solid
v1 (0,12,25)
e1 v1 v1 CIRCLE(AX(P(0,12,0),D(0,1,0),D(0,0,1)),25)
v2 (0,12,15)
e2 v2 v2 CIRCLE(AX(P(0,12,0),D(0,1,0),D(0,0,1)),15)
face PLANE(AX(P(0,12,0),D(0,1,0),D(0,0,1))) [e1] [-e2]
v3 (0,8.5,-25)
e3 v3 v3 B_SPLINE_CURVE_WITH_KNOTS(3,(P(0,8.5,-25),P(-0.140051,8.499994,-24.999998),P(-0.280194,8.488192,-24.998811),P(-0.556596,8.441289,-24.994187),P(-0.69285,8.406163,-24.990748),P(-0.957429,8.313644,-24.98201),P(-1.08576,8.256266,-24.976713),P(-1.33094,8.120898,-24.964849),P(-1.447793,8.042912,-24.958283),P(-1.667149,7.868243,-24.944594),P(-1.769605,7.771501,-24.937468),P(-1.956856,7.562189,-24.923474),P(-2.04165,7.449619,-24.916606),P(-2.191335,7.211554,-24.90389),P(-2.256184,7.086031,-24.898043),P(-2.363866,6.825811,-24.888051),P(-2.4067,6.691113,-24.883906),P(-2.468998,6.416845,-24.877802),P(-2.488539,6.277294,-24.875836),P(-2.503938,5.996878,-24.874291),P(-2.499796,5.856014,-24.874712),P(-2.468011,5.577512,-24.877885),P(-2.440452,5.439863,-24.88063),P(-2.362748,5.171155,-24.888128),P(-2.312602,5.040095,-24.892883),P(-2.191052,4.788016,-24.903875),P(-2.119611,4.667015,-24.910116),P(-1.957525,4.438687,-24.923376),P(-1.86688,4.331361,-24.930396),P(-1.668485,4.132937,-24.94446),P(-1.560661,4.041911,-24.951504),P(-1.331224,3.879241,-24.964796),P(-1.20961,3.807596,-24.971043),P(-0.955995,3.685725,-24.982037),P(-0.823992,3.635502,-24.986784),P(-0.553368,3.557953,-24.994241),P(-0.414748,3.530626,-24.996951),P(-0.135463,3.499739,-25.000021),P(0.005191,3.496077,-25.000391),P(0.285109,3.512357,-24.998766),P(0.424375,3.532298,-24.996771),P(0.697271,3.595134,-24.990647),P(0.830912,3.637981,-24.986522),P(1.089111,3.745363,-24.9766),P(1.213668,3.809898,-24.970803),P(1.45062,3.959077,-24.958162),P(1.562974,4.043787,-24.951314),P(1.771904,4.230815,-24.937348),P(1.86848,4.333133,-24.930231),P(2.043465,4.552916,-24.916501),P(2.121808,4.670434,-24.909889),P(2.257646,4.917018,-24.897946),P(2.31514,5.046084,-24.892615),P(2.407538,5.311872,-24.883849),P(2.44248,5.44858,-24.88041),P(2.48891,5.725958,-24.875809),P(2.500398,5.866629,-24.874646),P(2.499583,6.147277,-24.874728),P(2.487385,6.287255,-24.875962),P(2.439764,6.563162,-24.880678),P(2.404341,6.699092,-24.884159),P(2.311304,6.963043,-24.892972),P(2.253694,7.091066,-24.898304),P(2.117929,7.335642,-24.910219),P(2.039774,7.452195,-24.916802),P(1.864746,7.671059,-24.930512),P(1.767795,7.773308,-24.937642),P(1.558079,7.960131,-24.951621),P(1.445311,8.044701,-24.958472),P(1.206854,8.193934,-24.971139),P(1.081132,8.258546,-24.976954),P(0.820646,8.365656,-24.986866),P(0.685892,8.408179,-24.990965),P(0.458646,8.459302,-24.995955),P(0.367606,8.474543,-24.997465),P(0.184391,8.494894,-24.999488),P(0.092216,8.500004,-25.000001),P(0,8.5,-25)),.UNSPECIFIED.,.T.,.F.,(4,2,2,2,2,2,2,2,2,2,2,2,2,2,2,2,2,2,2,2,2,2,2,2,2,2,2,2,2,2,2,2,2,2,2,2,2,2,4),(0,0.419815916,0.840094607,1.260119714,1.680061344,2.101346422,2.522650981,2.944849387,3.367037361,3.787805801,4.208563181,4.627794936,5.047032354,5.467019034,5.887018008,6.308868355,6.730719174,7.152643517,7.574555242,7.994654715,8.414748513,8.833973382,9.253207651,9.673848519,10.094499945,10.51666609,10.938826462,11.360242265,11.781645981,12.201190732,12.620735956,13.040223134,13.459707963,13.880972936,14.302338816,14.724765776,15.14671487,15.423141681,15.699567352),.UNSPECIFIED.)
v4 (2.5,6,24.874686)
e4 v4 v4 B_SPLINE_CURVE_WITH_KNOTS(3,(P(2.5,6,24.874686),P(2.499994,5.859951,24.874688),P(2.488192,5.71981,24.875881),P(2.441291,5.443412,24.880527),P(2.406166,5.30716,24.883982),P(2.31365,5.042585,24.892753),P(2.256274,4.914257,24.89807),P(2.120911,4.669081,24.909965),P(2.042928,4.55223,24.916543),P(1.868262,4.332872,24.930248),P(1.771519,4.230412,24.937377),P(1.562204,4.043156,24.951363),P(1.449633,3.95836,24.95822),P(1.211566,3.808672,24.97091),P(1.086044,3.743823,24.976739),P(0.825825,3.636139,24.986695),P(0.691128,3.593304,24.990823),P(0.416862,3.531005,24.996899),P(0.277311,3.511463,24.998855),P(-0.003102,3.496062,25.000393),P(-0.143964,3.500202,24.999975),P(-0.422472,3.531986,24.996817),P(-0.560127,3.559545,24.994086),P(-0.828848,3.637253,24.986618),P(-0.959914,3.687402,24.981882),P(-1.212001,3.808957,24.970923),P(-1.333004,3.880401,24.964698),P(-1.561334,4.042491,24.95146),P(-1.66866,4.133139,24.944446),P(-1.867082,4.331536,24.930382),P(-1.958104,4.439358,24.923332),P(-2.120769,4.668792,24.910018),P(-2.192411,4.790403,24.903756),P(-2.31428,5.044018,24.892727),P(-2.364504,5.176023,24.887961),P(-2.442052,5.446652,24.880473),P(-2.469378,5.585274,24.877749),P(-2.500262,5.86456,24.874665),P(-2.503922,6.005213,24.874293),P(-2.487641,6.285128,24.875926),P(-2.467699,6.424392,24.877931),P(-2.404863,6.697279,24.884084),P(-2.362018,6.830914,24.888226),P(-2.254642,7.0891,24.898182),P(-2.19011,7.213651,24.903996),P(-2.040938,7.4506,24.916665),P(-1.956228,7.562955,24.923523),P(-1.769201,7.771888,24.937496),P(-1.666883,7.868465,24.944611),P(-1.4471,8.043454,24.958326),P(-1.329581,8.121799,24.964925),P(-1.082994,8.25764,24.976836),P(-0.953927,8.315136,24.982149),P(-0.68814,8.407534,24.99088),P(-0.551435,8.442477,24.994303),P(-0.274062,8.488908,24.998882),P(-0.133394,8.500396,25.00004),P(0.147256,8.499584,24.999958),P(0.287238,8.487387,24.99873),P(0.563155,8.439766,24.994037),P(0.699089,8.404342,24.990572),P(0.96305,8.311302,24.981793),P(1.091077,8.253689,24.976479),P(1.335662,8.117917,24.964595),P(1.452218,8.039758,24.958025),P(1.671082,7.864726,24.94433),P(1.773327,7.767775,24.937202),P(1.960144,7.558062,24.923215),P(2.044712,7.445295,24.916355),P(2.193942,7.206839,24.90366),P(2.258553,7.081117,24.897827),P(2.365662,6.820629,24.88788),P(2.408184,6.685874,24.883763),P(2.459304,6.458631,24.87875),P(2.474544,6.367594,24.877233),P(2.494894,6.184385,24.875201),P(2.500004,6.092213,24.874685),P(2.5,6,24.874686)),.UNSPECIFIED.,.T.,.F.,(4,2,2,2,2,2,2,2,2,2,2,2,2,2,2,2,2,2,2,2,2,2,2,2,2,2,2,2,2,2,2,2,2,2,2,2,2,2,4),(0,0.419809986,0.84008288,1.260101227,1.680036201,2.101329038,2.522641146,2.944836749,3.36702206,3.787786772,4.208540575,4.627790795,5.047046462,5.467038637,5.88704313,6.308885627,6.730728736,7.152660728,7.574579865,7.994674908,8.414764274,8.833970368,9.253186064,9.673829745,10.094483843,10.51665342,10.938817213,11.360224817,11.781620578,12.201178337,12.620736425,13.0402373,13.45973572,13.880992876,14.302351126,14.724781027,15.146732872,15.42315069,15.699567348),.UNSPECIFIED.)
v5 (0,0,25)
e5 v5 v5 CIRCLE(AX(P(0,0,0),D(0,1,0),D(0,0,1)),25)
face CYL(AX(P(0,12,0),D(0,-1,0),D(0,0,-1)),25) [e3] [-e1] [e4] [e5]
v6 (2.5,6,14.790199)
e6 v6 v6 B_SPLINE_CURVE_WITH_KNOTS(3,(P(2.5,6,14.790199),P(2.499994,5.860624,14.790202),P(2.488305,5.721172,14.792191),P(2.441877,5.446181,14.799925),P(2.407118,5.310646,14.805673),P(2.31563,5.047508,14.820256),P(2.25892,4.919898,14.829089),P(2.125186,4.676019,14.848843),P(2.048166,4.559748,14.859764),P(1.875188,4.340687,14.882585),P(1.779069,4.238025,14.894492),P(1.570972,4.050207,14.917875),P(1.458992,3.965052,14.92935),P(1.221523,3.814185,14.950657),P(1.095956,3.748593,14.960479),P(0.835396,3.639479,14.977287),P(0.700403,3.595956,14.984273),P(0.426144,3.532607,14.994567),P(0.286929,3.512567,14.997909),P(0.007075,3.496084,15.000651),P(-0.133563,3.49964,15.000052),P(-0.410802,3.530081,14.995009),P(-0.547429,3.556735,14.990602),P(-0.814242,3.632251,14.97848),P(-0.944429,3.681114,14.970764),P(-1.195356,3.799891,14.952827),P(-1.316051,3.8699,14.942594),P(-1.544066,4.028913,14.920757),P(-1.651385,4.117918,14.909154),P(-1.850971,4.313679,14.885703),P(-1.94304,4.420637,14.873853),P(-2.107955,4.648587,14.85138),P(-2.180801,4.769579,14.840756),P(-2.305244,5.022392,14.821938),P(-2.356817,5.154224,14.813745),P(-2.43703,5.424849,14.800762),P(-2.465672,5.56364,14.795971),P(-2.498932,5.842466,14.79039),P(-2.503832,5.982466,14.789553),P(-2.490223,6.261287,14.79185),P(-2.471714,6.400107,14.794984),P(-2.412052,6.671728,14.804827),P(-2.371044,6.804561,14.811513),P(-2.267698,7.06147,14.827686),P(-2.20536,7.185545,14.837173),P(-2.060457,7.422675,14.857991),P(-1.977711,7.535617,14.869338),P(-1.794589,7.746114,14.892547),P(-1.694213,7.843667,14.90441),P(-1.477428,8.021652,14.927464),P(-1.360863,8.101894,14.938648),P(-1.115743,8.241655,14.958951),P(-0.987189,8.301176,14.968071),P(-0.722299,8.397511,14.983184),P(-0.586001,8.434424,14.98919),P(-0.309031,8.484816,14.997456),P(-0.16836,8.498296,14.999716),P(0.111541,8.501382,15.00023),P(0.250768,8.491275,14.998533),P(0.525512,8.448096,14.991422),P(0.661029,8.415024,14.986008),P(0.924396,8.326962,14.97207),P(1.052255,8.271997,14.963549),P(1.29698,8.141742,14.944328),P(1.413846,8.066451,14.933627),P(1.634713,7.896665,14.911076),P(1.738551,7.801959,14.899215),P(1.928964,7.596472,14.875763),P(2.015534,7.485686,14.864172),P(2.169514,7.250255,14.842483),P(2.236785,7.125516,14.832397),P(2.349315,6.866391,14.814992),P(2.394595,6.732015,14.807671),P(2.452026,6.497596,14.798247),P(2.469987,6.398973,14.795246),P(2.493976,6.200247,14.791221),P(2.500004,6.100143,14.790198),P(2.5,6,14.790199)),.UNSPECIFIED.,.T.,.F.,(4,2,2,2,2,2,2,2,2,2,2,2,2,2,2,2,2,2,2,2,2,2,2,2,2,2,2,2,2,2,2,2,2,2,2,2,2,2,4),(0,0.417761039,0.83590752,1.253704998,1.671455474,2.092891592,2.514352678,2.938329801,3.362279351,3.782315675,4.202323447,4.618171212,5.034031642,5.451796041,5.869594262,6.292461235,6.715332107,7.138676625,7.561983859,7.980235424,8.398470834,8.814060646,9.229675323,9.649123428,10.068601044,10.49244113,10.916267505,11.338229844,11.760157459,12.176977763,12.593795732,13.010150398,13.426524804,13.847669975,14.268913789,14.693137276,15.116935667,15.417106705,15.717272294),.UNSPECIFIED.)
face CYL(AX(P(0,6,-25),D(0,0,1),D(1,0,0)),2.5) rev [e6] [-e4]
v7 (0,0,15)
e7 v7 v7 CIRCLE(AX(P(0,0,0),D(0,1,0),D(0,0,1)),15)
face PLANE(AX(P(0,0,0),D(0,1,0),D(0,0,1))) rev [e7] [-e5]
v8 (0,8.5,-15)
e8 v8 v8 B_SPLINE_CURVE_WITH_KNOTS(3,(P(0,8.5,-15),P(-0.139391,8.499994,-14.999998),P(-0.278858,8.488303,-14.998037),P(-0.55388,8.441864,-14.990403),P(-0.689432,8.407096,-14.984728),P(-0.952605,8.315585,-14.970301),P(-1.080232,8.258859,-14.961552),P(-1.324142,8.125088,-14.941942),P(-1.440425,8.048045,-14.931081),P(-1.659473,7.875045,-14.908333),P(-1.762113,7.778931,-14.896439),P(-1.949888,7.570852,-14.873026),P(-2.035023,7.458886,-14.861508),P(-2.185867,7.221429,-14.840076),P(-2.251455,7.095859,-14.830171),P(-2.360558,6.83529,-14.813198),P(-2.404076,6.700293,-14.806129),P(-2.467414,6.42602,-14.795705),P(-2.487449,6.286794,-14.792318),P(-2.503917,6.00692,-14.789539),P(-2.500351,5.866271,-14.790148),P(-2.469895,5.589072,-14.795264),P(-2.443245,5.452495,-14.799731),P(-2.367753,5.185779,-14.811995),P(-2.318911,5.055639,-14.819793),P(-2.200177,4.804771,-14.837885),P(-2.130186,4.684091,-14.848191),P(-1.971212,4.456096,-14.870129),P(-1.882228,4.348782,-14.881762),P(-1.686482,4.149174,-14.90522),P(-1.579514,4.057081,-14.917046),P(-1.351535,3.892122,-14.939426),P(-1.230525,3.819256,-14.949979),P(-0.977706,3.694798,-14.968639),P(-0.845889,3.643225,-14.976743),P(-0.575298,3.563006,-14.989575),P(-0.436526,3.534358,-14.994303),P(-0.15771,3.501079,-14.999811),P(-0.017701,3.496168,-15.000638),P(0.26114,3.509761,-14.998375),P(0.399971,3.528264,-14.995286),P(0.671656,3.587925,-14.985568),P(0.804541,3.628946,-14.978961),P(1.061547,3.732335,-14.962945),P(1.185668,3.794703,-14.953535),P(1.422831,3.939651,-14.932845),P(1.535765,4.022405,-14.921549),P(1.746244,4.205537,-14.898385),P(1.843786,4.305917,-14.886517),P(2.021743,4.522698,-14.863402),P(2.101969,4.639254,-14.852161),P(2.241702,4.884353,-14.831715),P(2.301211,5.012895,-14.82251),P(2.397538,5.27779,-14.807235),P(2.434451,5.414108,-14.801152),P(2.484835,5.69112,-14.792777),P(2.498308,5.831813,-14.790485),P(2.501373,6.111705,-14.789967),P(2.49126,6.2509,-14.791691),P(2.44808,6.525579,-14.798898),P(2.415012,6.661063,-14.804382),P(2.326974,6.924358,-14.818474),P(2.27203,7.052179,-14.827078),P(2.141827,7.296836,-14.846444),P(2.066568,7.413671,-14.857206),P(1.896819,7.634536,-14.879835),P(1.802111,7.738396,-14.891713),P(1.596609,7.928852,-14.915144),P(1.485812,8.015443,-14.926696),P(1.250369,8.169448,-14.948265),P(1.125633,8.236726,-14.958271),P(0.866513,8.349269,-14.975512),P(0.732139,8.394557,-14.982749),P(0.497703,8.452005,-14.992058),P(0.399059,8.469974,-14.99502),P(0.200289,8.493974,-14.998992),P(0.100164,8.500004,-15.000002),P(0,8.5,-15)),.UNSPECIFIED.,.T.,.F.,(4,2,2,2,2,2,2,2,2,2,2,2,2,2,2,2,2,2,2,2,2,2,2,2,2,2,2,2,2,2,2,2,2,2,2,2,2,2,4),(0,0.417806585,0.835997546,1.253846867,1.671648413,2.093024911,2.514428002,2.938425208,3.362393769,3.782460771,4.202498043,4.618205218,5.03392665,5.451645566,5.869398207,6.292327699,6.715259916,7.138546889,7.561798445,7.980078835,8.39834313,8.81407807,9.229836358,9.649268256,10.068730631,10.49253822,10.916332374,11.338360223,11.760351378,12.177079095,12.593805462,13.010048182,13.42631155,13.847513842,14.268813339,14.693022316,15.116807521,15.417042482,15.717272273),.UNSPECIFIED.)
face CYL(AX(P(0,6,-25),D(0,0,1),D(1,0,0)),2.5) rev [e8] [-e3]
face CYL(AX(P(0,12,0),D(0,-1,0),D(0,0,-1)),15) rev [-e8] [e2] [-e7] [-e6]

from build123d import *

# Parameters (mm, degrees)
SKETCH5_R               = 25
SKETCH5_R_2             = 15
BOSS_EXTRUDE2_DEPTH     = 12
CUT_EXTRUDE1_DEPTH      = 38.336309405
CUT_EXTRUDE1_DEPTH_BACK = 38.336309405
SKETCH6_R               = 2.5


with BuildPart() as part:
    # Sketch5 → Boss-Extrude2 (new body)
    with BuildSketch(Plane(origin=(0, 0, 0), x_dir=(1, 0, 0), z_dir=(0, 1, 0))):
        with Locations(Location((0, 0, 0), (0, 0, 270))):
            Circle(SKETCH5_R)
        with Locations(Location((0, 0, 0), (0, 0, 270))):
            Circle(SKETCH5_R_2, mode=Mode.SUBTRACT)
    extrude(amount=BOSS_EXTRUDE2_DEPTH)

    # Sketch6 → Cut-Extrude1 (cut, two sides: drawn at the far end of the back side and taken through both)
    with BuildSketch(Plane.XY.offset(-CUT_EXTRUDE1_DEPTH_BACK)):
        with Locations((0, 6)):
            Circle(SKETCH6_R)
    extrude(amount=CUT_EXTRUDE1_DEPTH + CUT_EXTRUDE1_DEPTH_BACK, mode=Mode.SUBTRACT)


solid = part.part
